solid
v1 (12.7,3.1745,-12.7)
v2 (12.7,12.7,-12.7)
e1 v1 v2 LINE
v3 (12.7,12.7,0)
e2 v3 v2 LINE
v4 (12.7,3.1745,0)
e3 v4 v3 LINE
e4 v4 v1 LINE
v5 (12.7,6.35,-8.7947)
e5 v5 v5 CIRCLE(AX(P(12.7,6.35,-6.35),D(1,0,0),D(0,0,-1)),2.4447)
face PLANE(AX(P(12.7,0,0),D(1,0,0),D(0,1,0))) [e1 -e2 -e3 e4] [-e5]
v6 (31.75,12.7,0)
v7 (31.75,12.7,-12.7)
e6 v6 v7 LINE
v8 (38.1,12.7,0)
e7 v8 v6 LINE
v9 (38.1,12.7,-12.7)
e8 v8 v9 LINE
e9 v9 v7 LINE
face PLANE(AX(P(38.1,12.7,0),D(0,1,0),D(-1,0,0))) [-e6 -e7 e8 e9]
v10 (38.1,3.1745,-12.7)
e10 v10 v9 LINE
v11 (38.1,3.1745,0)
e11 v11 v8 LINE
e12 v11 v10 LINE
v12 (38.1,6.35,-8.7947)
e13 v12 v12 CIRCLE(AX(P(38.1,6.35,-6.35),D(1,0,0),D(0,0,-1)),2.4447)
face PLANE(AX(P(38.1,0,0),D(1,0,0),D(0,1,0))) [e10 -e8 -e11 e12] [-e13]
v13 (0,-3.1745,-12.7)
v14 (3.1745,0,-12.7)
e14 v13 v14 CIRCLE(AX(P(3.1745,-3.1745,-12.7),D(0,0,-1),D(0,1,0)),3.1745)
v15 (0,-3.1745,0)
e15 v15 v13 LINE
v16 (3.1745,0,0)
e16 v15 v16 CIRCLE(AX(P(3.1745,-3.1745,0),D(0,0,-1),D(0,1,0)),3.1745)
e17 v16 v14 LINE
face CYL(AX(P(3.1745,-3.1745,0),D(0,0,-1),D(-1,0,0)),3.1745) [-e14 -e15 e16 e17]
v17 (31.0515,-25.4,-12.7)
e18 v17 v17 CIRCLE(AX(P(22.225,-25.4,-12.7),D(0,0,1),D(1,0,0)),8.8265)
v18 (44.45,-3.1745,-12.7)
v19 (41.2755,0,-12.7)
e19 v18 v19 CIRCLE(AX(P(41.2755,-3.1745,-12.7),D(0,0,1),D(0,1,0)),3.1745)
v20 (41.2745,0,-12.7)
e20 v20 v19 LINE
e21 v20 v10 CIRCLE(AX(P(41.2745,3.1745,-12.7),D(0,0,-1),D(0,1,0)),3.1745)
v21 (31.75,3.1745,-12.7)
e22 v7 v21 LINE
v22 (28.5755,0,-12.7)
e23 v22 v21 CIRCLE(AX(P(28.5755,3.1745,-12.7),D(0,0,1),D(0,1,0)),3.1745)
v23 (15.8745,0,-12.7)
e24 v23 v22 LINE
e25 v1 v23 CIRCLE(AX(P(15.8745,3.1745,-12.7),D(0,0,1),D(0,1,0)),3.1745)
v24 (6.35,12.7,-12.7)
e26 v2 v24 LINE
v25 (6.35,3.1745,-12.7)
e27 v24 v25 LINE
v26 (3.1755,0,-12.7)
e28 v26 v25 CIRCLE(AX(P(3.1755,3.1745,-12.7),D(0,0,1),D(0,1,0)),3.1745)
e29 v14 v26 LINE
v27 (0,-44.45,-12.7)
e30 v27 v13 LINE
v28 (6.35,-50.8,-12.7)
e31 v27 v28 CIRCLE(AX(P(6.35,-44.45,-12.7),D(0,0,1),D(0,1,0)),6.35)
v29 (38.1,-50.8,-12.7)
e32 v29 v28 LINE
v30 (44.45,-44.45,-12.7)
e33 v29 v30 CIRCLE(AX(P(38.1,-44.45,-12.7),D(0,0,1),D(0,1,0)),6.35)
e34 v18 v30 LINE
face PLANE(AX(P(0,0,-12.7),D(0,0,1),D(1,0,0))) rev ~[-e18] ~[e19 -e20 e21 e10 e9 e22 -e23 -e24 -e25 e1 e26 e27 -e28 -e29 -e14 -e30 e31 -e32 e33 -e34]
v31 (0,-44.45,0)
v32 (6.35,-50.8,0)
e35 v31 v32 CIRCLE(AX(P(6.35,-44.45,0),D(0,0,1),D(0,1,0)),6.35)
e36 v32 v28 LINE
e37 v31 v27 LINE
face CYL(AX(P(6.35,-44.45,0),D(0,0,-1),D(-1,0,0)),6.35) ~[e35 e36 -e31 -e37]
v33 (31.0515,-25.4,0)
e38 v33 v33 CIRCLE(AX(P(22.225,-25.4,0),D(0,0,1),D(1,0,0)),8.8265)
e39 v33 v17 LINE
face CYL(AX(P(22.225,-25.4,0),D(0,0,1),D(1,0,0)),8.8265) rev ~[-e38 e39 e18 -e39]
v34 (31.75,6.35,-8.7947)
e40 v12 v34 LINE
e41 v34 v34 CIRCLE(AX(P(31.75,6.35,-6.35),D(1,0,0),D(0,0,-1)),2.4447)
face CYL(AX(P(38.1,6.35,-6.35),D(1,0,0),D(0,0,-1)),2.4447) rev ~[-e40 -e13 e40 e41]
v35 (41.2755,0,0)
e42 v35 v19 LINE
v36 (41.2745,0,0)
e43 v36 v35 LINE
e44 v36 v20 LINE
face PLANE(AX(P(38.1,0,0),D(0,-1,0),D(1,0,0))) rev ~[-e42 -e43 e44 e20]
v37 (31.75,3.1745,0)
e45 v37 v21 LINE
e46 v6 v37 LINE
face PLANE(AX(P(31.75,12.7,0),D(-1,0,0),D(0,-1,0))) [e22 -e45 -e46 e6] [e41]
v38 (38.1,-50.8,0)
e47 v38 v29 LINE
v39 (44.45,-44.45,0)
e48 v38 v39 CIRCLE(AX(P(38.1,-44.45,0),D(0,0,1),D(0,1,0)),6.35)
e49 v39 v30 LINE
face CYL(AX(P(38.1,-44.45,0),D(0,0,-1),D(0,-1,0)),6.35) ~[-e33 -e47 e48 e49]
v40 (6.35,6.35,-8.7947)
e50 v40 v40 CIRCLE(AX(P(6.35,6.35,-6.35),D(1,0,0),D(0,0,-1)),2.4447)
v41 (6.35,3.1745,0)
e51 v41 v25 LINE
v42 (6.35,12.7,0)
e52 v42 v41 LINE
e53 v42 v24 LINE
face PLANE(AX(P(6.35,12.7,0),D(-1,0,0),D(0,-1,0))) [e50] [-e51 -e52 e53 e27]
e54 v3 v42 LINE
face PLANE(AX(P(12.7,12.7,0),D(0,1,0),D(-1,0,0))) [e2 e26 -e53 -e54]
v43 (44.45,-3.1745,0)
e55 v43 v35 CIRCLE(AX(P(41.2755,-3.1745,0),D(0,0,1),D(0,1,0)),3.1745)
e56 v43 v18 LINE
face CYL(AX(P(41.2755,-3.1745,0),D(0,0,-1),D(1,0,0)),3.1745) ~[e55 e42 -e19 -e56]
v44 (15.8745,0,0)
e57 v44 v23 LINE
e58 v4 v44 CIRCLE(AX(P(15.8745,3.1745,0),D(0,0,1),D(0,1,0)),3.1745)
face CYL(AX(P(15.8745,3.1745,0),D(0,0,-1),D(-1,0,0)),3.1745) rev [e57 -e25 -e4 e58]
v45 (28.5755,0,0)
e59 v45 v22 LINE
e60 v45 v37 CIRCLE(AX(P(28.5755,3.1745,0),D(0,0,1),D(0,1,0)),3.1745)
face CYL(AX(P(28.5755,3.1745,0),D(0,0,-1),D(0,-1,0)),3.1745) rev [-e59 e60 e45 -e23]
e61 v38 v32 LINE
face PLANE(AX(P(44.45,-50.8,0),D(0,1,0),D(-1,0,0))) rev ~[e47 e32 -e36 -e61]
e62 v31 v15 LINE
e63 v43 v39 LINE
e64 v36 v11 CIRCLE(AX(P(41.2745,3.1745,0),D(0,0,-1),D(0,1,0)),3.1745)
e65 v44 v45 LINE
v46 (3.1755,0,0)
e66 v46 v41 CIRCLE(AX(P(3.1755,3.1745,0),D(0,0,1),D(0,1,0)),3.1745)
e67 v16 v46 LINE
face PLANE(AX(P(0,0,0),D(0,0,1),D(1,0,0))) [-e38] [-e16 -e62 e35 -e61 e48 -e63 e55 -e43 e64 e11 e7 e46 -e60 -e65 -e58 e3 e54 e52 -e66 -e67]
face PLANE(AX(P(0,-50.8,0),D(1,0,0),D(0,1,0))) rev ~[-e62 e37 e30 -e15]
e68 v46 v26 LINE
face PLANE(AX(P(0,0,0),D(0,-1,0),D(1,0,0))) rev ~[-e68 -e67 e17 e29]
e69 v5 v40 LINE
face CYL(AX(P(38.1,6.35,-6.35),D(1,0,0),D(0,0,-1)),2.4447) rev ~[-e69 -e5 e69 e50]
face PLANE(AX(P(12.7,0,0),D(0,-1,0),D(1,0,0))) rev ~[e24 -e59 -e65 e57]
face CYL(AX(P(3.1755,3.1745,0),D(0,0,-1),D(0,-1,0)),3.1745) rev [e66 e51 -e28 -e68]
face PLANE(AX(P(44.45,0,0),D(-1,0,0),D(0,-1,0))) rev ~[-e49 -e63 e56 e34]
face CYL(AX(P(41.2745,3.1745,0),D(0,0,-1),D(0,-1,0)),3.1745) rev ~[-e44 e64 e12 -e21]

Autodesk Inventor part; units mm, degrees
ref_plane "YZ Plane" through (0, 0, 0) normal (1, 0, 0) x (0, 1, 0)
ref_plane "XZ Plane" through (0, 0, 0) normal (0, 1, 0) x (-1, 0, 0)
ref_plane "XY Plane" through (0, 0, 0) normal (0, 0, 1) x (1, 0, 0)
sketch "Sketch1" plane through (0, 0, 0) normal (0, 0, 1) x (1, 0, 0)
  line L0 (0, 0) -> (44.45, 0)
  line L1 (44.45, 0) -> (44.45, -50.8)
  line L2 (44.45, -50.8) -> (0, -50.8)
  line L3 (0, -50.8) -> (0, 0)
  line L4 (6.35, 0) -> (12.7, 0)
  line L5 (12.7, 0) -> (12.7, 12.7)
  line L6 (12.7, 12.7) -> (6.35, 12.7)
  line L7 (6.35, 12.7) -> (6.35, 0)
  line L8 (31.75, 0) -> (38.1, 0)
  line L9 (38.1, 0) -> (38.1, 12.7)
  line L10 (38.1, 12.7) -> (31.75, 12.7)
  line L11 (31.75, 12.7) -> (31.75, 0)
  circle A0 centre (22.225, -25.4) radius 9.5885
  dimension "d0" = 44.45
  dimension "d1" = 50.8
  dimension "d3" = 6.35
  dimension "d4" = 6.35
  dimension "d5" = 6.35
  dimension "d6" = 19.05
  dimension "d9" = 19.177
  dimension "d20" = 12.7
  dimension "d21" = 22.225
  dimension "d22" = 25.4
  dimension "d25" = 6.35
extrude "Extrusion1" add sketch "Sketch1" against normal blind 12.7 contours L0 L1 L2 L3 | L7 L6 L5 L0 | L11 L10 L9 L0 | A0
sketch "Sketch2" plane through (0, 0, 0) normal (0, 0, 1) x (1, 0, 0)
  circle A0 centre (22.225, -25.4) radius 8.8265
  line L0 (0, -50.8) -> (0, 0) projected
  dimension "d10" = 17.653
  dimension "d23" = 22.225
extrude "Extrusion2" cut sketch "Sketch2" against normal blind 12.7
sketch "Sketch3" plane through (38.1, 0, 0) normal (1, 0, 0) x (0, 0, -1)
  line L0 (12.7, 12.7) -> (12.7, 0) projected
  line L1 (0, 12.7) -> (12.7, 12.7) projected
  circle A0 centre (6.35, 6.35) radius 2.4447
  dimension "d13" = 4.8895
  dimension "d14" = 6.35
  dimension "d15" = 6.35
extrude "Extrusion3" cut sketch "Sketch3" against normal through all
fillet "Fillet2" radius 6.35 2 edges at (44.45, -50.8, -6.35) (0, -50.8, -6.35)
fillet "Fillet3" radius 3.175 6 edges at (38.1, 0, -6.35) (12.7, 0, -6.35) (31.75, 0, -6.35) (6.35, 0, -6.35) (44.45, 0, -6.35) (0, 0, -6.35)
properties part number "Needle Bearing Mount v2"
